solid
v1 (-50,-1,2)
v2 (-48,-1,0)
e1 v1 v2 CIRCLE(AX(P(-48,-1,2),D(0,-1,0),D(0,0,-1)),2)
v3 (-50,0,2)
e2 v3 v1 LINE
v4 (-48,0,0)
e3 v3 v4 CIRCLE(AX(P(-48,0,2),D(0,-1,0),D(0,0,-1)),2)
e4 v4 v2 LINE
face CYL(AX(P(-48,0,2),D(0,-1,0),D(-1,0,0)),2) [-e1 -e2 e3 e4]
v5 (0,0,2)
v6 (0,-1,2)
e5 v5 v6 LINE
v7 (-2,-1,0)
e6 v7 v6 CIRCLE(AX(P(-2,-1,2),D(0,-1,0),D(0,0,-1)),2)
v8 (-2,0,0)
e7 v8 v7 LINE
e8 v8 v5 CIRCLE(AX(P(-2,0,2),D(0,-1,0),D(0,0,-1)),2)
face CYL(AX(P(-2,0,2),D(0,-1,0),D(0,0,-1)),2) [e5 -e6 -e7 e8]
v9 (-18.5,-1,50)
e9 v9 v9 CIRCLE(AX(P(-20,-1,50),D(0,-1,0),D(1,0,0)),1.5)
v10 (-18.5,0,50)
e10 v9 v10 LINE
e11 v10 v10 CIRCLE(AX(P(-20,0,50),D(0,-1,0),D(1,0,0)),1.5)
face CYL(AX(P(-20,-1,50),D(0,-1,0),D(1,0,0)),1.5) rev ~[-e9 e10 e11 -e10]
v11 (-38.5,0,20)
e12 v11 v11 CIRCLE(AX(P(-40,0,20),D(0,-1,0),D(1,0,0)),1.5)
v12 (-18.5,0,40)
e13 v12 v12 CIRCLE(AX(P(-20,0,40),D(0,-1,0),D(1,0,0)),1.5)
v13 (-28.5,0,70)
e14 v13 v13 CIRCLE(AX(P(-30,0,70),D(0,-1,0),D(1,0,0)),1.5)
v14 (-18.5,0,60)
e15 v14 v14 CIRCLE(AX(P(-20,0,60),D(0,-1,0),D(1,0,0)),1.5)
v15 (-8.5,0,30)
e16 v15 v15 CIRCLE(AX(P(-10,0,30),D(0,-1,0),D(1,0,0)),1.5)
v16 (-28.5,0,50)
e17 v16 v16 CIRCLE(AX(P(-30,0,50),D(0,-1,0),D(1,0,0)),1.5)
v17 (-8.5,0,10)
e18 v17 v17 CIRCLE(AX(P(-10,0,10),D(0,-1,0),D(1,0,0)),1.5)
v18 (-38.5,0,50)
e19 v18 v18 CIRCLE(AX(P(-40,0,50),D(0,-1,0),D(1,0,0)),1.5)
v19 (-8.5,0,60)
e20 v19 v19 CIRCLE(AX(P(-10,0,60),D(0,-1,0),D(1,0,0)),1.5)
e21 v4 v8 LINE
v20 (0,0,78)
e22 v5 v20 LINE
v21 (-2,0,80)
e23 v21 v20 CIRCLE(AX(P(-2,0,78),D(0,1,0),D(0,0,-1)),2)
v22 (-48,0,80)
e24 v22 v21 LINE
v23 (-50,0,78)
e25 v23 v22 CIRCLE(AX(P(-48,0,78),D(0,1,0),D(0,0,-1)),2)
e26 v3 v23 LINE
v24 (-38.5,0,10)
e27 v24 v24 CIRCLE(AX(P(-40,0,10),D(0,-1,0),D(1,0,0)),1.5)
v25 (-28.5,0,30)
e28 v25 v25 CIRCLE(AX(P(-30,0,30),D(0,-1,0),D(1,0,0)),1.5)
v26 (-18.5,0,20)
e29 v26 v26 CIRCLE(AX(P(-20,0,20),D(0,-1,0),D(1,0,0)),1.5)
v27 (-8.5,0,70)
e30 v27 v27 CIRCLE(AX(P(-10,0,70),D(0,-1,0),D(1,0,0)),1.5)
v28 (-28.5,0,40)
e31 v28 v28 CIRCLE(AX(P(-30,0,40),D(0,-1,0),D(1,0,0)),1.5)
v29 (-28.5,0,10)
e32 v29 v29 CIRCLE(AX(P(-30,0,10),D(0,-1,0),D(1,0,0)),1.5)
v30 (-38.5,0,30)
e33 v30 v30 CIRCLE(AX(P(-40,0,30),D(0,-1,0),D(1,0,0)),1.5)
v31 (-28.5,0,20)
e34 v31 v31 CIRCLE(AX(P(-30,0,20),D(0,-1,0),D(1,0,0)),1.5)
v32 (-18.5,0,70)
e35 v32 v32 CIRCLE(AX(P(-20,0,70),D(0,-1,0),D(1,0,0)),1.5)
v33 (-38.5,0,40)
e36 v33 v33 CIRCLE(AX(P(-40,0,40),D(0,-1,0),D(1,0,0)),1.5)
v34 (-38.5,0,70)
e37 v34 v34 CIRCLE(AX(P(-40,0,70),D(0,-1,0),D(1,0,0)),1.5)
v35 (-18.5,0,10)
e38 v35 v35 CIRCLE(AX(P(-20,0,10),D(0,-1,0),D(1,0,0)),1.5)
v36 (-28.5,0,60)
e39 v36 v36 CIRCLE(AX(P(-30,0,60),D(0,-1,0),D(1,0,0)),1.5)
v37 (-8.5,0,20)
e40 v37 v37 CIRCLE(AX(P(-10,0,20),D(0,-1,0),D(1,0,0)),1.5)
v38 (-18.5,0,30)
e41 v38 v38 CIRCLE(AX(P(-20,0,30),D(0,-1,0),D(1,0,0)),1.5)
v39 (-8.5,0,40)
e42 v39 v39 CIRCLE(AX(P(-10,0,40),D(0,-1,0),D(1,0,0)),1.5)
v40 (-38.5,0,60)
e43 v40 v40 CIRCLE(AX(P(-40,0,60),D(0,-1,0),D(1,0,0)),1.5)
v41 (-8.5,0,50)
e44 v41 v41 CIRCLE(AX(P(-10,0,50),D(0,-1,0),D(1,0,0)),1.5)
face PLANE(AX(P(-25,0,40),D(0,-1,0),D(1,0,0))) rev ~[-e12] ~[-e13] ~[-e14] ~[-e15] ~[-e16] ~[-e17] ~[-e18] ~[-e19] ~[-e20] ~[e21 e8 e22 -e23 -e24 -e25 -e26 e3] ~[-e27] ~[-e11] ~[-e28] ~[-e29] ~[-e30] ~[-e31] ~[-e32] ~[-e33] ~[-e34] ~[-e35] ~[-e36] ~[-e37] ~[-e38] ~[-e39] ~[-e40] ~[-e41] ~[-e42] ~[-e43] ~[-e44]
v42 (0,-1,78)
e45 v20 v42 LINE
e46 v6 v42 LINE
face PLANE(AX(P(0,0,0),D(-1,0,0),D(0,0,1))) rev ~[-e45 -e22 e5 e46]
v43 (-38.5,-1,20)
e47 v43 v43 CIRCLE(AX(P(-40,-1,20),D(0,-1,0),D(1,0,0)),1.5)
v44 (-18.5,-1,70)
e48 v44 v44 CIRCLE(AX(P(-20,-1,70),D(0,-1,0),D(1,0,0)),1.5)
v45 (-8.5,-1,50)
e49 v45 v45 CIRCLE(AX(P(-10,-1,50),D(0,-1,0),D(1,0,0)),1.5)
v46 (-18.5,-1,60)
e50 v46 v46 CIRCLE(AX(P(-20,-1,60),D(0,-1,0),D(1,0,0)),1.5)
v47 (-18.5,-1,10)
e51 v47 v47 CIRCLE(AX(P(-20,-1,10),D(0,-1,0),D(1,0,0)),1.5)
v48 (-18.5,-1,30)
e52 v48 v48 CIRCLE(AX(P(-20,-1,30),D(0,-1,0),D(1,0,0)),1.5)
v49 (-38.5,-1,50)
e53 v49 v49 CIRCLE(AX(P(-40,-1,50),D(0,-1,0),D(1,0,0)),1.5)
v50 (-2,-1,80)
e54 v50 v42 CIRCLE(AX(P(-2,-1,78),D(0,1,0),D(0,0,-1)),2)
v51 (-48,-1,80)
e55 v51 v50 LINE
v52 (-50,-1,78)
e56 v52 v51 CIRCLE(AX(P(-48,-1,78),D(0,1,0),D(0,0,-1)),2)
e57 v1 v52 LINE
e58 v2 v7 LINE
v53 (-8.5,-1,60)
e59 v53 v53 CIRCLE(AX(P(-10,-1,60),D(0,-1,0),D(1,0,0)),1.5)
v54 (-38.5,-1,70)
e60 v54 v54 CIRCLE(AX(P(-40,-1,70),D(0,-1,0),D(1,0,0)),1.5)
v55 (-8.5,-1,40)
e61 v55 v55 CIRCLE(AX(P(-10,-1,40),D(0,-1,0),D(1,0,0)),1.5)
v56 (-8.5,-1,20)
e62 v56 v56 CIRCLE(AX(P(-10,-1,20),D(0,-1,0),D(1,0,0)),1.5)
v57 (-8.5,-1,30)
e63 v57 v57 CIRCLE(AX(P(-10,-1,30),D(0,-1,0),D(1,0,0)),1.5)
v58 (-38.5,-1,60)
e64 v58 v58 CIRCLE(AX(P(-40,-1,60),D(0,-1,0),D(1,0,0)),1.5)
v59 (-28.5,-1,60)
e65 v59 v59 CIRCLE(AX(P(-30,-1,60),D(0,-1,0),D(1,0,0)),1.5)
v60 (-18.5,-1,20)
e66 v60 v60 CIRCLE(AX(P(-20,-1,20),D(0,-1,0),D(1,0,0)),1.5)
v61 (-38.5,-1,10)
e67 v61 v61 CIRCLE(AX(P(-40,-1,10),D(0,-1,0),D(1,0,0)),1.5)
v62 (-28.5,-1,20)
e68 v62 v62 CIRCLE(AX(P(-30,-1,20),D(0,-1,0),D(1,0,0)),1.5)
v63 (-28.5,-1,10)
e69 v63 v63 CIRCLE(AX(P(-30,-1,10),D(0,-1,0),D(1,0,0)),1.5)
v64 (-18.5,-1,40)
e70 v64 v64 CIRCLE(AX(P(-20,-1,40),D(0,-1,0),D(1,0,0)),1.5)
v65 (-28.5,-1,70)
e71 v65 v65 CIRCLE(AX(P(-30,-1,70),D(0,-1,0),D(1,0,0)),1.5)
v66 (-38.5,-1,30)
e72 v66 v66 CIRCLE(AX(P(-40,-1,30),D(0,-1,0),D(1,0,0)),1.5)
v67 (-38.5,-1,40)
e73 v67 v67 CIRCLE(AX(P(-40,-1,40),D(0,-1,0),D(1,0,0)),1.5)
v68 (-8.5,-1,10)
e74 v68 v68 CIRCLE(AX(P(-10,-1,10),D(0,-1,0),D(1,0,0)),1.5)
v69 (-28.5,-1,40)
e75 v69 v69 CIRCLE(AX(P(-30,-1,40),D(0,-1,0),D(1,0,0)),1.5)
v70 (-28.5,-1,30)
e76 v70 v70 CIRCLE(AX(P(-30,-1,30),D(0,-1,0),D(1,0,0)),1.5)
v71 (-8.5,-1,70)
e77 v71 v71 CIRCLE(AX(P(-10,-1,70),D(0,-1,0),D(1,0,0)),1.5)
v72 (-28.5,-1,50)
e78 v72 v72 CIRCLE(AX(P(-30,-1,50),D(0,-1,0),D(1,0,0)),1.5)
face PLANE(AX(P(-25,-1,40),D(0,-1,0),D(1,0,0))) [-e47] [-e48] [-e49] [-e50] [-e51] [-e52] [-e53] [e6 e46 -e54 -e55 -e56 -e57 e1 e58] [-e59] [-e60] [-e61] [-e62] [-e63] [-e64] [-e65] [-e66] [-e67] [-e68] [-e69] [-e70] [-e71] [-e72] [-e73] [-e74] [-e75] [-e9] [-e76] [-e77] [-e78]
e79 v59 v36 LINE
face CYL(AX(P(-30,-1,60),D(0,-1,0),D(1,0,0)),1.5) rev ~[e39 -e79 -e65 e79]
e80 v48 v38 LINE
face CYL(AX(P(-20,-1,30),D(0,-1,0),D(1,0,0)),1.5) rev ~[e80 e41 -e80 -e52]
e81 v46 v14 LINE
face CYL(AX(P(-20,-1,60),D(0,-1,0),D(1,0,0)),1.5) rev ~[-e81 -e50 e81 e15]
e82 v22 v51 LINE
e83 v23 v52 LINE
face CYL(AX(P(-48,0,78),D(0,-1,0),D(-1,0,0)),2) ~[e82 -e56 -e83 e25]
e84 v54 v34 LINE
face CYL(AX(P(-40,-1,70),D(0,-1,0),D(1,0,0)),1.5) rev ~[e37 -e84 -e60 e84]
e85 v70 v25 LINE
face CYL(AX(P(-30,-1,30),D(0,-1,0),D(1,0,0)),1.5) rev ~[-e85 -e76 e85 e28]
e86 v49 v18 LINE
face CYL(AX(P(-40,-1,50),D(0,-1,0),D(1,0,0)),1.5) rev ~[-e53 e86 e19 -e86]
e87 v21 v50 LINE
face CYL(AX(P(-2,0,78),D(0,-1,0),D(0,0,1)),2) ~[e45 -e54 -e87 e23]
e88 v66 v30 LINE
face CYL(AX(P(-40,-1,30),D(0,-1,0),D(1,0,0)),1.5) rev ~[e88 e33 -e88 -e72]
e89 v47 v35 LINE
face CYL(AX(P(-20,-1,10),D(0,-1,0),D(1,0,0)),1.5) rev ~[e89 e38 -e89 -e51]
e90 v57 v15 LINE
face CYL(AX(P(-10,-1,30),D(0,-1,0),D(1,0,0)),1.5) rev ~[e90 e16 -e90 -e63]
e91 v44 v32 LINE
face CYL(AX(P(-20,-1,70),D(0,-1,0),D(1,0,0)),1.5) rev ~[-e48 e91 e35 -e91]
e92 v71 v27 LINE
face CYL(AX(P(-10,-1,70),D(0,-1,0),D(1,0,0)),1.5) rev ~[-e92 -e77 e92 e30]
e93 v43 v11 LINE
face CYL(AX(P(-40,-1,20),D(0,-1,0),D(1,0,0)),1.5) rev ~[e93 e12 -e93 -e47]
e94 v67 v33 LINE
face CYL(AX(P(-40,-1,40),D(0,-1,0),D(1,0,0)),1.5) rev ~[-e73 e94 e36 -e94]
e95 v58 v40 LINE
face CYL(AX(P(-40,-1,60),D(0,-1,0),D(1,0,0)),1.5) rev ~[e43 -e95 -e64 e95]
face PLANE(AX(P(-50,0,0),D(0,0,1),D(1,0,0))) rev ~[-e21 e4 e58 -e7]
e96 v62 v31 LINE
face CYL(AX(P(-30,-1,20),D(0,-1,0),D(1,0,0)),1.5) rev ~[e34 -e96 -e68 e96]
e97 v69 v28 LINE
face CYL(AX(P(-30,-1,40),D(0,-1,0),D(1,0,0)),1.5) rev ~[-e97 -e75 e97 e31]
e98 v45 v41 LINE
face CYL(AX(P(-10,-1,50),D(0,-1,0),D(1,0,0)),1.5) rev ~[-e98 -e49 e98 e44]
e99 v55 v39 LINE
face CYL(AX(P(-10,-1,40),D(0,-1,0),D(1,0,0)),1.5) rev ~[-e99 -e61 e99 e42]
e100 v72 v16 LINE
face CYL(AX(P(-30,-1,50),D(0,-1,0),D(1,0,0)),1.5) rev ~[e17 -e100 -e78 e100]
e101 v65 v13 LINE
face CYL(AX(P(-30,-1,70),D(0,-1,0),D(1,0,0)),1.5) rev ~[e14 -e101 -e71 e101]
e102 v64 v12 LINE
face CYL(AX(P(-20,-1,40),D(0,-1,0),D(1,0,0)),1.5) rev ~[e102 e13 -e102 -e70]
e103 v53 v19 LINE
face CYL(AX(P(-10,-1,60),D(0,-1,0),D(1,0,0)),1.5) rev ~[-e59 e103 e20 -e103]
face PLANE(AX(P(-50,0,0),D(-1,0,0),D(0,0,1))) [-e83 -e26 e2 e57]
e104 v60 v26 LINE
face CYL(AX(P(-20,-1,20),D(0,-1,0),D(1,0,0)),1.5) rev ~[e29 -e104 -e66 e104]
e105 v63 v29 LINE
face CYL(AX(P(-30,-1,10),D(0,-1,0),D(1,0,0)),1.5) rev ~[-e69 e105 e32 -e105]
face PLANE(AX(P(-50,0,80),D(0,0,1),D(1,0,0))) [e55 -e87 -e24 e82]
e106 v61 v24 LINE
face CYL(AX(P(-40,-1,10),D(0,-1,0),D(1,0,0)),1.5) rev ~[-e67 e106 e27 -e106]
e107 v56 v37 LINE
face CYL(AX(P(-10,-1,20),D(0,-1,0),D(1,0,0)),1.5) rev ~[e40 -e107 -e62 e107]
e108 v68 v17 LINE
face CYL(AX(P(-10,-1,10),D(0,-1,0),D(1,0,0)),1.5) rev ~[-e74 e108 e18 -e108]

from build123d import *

# Parameters (mm, degrees)
F0_W     = 50
F0_H     = 80
F1_DEPTH = 1
F2_R     = 1.5
F3_DEPTH = 25
F4_R     = 2


with BuildPart() as f1:
    # F0 (on Front) → F1 (new body)
    with BuildSketch(Plane.XZ):
        with Locations((-25, 40)):
            Rectangle(F0_W, F0_H)
    extrude(amount=F1_DEPTH)

    # F2 (on face) → F3 (cut)
    with BuildSketch(Plane.XZ.offset(1)):
        with Locations((-40, 70)):
            Circle(F2_R)
        with Locations((-30, 70)):
            Circle(F2_R)
        with Locations((-20, 70)):
            Circle(F2_R)
        with Locations((-10, 70)):
            Circle(F2_R)
        with Locations((-40, 60)):
            Circle(F2_R)
        with Locations((-30, 60)):
            Circle(F2_R)
        with Locations((-20, 60)):
            Circle(F2_R)
        with Locations((-10, 60)):
            Circle(F2_R)
        with Locations((-40, 50)):
            Circle(F2_R)
        with Locations((-30, 50)):
            Circle(F2_R)
        with Locations((-20, 50)):
            Circle(F2_R)
        with Locations((-10, 50)):
            Circle(F2_R)
        with Locations((-40, 40)):
            Circle(F2_R)
        with Locations((-30, 40)):
            Circle(F2_R)
        with Locations((-20, 40)):
            Circle(F2_R)
        with Locations((-10, 40)):
            Circle(F2_R)
        with Locations((-40, 30)):
            Circle(F2_R)
        with Locations((-30, 30)):
            Circle(F2_R)
        with Locations((-20, 30)):
            Circle(F2_R)
        with Locations((-10, 30)):
            Circle(F2_R)
        with Locations((-40, 20)):
            Circle(F2_R)
        with Locations((-30, 20)):
            Circle(F2_R)
        with Locations((-20, 20)):
            Circle(F2_R)
        with Locations((-10, 20)):
            Circle(F2_R)
        with Locations((-40, 10)):
            Circle(F2_R)
        with Locations((-30, 10)):
            Circle(F2_R)
        with Locations((-20, 10)):
            Circle(F2_R)
        with Locations((-10, 10)):
            Circle(F2_R)
    extrude(amount=-F3_DEPTH, mode=Mode.SUBTRACT)

    # F4
    f4_edges = [f1.edges().sort_by_distance(p)[0] for p in [
        (0, -0.5, 0),
        (0, -0.5, 80),
        (-50, -0.5, 80),
        (-50, -0.5, 0),
    ]]
    fillet(f4_edges, radius=F4_R)


solid = f1.part
